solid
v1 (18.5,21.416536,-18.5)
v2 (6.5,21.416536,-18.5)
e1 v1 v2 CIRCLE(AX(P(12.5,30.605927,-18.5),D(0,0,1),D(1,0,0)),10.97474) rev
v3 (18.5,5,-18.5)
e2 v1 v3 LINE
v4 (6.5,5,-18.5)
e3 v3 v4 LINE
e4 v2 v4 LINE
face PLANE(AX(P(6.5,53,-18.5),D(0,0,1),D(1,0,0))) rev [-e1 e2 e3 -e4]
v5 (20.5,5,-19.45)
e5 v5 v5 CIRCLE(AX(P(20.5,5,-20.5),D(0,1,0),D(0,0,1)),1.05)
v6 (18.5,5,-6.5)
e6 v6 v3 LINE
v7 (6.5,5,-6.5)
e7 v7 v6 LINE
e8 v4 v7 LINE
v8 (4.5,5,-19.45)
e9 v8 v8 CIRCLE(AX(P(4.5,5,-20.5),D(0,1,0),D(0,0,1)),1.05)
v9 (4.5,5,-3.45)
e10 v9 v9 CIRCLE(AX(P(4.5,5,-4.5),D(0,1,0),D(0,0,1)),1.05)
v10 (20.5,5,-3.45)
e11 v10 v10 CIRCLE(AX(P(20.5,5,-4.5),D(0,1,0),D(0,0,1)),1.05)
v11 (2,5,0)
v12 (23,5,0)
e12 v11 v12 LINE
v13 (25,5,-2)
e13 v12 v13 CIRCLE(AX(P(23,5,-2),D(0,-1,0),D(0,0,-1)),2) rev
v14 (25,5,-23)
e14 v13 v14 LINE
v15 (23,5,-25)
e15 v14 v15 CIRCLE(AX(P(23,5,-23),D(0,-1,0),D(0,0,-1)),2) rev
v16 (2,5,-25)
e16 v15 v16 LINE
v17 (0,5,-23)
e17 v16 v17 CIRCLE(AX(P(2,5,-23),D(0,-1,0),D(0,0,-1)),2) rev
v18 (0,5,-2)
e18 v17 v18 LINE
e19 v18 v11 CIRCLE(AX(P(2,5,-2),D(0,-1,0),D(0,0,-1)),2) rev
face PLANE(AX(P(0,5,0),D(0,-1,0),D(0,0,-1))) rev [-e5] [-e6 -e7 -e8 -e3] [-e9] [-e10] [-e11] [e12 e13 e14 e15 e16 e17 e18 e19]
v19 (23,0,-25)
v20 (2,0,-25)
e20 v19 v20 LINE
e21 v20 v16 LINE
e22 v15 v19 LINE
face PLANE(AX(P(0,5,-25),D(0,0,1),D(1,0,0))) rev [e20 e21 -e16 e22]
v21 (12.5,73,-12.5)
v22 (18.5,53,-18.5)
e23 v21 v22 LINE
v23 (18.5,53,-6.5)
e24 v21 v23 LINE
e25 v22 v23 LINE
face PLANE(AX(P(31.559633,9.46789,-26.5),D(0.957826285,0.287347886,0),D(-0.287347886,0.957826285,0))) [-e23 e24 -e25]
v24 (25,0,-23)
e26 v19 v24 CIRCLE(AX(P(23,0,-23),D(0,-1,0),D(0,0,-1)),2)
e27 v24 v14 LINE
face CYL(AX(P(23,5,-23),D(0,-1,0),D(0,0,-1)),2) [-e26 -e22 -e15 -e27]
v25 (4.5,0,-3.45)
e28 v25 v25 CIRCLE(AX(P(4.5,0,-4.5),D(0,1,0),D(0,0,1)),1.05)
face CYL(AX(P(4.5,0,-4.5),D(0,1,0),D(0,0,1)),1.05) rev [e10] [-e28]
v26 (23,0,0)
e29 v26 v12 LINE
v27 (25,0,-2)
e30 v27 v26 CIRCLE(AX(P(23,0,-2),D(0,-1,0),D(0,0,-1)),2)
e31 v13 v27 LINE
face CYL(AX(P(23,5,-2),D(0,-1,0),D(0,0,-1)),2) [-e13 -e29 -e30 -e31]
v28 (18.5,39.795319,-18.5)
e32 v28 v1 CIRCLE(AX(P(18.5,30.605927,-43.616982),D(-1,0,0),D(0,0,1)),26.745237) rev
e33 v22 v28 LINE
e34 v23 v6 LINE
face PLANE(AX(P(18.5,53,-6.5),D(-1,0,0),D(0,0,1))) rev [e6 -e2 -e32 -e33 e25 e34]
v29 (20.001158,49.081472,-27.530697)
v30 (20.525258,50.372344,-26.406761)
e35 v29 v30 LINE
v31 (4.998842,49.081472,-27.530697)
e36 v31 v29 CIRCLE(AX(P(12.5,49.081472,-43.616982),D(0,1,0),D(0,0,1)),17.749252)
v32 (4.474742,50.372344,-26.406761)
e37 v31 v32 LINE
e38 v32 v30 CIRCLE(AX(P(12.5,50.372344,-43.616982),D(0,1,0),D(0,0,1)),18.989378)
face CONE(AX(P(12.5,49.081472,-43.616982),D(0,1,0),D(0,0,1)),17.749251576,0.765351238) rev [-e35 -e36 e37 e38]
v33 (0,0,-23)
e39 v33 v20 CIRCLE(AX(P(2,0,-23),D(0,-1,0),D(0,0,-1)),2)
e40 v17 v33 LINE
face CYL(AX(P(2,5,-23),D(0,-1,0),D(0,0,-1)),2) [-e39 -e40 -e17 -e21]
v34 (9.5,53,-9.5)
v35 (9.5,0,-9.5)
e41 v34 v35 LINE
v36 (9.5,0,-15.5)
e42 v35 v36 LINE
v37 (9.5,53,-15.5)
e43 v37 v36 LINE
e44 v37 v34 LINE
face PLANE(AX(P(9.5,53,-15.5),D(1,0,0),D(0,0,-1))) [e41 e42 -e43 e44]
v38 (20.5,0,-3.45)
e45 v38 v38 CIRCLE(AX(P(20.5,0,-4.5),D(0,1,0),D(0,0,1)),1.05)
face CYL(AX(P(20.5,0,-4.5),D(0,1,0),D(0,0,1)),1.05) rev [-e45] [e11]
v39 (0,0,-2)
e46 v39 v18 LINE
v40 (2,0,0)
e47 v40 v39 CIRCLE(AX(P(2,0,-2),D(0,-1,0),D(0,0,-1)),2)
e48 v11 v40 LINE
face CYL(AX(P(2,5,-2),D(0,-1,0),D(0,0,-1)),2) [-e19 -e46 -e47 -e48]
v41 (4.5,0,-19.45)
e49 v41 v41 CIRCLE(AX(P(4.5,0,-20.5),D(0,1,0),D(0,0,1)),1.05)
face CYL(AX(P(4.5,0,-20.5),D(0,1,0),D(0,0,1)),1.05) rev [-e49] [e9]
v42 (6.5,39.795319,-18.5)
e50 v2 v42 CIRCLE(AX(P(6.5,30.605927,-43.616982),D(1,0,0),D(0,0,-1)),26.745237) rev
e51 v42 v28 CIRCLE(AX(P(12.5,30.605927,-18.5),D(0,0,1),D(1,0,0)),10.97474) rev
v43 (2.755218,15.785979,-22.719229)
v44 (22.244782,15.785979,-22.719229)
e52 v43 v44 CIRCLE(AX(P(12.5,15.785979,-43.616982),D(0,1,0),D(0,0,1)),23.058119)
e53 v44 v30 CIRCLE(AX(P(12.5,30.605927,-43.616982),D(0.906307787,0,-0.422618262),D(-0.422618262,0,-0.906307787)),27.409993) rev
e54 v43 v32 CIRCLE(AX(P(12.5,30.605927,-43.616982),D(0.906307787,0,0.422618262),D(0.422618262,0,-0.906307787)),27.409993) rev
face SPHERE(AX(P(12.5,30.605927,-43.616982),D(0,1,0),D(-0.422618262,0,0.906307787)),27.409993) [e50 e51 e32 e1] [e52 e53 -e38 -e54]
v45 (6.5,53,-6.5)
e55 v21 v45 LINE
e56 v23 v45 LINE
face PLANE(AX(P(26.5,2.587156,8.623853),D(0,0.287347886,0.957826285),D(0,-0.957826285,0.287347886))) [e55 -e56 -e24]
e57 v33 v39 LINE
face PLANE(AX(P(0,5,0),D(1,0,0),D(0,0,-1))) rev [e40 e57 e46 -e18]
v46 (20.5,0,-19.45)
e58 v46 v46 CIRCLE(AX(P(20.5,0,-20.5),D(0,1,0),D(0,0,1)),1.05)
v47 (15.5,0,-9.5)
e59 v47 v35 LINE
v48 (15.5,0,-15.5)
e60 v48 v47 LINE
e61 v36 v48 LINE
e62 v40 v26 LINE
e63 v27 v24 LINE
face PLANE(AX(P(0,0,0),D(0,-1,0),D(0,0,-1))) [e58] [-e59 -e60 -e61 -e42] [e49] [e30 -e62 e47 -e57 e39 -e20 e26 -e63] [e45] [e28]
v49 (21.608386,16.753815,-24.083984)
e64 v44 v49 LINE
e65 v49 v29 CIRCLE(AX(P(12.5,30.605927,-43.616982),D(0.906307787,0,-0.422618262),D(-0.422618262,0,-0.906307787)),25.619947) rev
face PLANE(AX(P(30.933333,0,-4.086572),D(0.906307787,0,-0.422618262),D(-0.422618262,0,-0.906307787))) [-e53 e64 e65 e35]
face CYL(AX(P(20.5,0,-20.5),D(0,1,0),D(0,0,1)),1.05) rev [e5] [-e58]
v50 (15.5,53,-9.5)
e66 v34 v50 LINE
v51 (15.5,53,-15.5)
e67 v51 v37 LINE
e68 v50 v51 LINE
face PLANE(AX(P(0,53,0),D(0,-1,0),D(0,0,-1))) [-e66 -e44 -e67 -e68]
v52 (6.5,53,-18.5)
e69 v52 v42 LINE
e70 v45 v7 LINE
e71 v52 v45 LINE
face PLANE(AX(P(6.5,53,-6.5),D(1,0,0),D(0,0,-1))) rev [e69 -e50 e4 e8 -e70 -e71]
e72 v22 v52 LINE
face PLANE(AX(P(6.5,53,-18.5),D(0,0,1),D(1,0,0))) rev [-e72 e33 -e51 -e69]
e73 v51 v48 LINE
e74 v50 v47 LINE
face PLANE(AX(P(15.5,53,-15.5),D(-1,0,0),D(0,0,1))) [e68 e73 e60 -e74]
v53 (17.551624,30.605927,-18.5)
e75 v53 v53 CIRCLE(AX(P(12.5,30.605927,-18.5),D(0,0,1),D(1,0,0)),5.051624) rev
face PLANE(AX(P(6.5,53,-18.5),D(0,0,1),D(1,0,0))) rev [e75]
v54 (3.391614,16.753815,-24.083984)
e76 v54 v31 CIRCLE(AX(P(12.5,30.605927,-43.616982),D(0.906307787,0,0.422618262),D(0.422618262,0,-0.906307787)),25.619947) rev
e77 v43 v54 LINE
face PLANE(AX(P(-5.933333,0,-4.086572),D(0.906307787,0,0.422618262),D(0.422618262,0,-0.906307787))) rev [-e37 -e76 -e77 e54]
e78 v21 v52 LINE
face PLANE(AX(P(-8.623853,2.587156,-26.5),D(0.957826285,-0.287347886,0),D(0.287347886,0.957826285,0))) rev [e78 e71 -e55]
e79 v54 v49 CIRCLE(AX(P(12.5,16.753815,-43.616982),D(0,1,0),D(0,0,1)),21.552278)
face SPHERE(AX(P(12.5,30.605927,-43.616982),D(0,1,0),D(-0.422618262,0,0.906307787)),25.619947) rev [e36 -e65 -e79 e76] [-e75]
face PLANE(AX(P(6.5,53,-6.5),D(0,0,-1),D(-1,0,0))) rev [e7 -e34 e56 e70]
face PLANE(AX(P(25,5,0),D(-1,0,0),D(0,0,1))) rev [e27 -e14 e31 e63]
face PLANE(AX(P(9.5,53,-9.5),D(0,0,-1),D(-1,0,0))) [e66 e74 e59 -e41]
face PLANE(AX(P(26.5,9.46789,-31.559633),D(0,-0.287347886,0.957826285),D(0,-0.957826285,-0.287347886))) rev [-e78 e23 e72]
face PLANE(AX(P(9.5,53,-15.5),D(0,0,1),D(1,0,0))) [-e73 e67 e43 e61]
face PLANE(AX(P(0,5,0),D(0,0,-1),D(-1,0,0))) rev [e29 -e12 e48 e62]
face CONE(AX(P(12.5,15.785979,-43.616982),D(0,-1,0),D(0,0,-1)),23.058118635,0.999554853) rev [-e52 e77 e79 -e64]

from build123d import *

# Parameters (mm, degrees)
SKETCH1_W                = 25
SKETCH1_H                = 25
BOSS_EXTRUDE1_DEPTH      = 5
SKETCH2_R                = 1.05
CUT_EXTRUDE1_DEPTH       = 5
FILLET1_R                = 2
SKETCH3_W                = 12
SKETCH3_H                = 12
SKETCH3_W_2              = 6
SKETCH3_H_2              = 6
BOSS_EXTRUDE2_DEPTH      = 48
SKETCH4_W                = 6
SKETCH4_H                = 6
CUT_EXTRUDE2_DEPTH       = 10
SKETCH5_W                = 12
SKETCH5_H                = 12
BOSS_EXTRUDE3_DEPTH      = 20
CUT_EXTRUDE3_DEPTH       = 20
CUT_EXTRUDE4_DEPTH       = 20
REVOLVE1_ANGLE           = 25
REVOLVE1_OTHER_WAY_ANGLE = 25


with BuildPart() as part:
    # Sketch1 → Boss-Extrude1 (new body)
    with BuildSketch(Plane(origin=(0, 0, 0), x_dir=(1, 0, 0), z_dir=(0, 1, 0))):
        with Locations((12.5, 12.5)):
            Rectangle(SKETCH1_W, SKETCH1_H)
    extrude(amount=BOSS_EXTRUDE1_DEPTH)

    # Sketch2 → Cut-Extrude1 (cut)
    with BuildSketch(Plane(origin=(0, 5, 0), x_dir=(1, 0, 0), z_dir=(0, 1, 0))):
        with Locations(Location((4.5, 4.5, 0), (0, 0, 270))):
            Circle(SKETCH2_R)
        with Locations(Location((20.5, 4.5, 0), (0, 0, 270))):
            Circle(SKETCH2_R)
        with Locations(Location((20.5, 20.5, 0), (0, 0, 270))):
            Circle(SKETCH2_R)
        with Locations(Location((4.5, 20.5, 0), (0, 0, 270))):
            Circle(SKETCH2_R)
    extrude(amount=-CUT_EXTRUDE1_DEPTH, mode=Mode.SUBTRACT)

    # Fillet1
    fillet1_edges = [part.edges().sort_by_distance(p)[0] for p in [
        (0, 2.5, -25),
        (25, 2.5, -25),
        (25, 2.5, 0),
        (0, 2.5, 0),
    ]]
    fillet(fillet1_edges, radius=FILLET1_R)

    # Sketch3 → Boss-Extrude2 (add)
    with BuildSketch(Plane(origin=(0, 5, 0), x_dir=(1, 0, 0), z_dir=(0, 1, 0))):
        with Locations((12.5, 12.5)):
            Rectangle(SKETCH3_W, SKETCH3_H)
        with Locations((12.5, 12.5)):
            Rectangle(SKETCH3_W_2, SKETCH3_H_2, mode=Mode.SUBTRACT)
    extrude(amount=BOSS_EXTRUDE2_DEPTH)

    # Sketch4 → Cut-Extrude2 (cut)
    with BuildSketch(Plane(origin=(0, 0, 0), x_dir=(-1, 0, 0), z_dir=(0, -1, 0))):
        with Locations((-12.5, 12.5)):
            Rectangle(SKETCH4_W, SKETCH4_H)
    extrude(amount=-CUT_EXTRUDE2_DEPTH, mode=Mode.SUBTRACT)

    # Sketch5 → Boss-Extrude3 (add)
    with BuildSketch(Plane(origin=(0, 53, 0), x_dir=(1, 0, 0), z_dir=(0, 1, 0))):
        with Locations((12.5, 12.5)):
            Rectangle(SKETCH5_W, SKETCH5_H)
    extrude(amount=BOSS_EXTRUDE3_DEPTH)

    # Sketch6 → Cut-Extrude3 (cut)
    with BuildSketch(Plane.XY.offset(-6.5)):
        Polygon((18.5, 73), (12.5, 73), (18.5, 53), align=None)
        Polygon((6.5, 53), (12.5, 73), (6.5, 73), align=None)
    extrude(amount=-CUT_EXTRUDE3_DEPTH, mode=Mode.SUBTRACT)

    # Sketch7 → Cut-Extrude4 (cut)
    with BuildSketch(Plane.ZY.offset(-6.5)):
        Polygon((-6.5, 73), (-6.5, 53), (-12.5, 73), align=None)
        Polygon((-18.5, 73), (-18.5, 53), (-12.5, 73), align=None)
    extrude(amount=-CUT_EXTRUDE4_DEPTH, mode=Mode.SUBTRACT)

    # Sketch8 → Revolve1 (revolve)
    with BuildSketch(Plane(origin=(12.5, 0, 0), x_dir=(0, 0, -1), z_dir=(1, 0, 0))):
        with BuildLine():
            ThreePointArc((24.627603923, 50.372343644), (16.394708904, 33.808356072), (20.558863125, 15.785979305))
            Line((20.558863125, 15.785979305), (22.064703847, 16.753815466))
            ThreePointArc((22.064703847, 16.753815466), (18.172495187, 33.599217247), (25.867730183, 49.081471856))
            Line((25.867730183, 49.081471856), (24.627603923, 50.372343644))
        make_face()
    revolve(axis=Axis((12.5, 54.79169199, -43.616981759), (0, -1, 0)), revolution_arc=REVOLVE1_ANGLE)

    # Sketch8 → Revolve1 other way (revolve)
    with BuildSketch(Plane(origin=(12.5, 0, 0), x_dir=(0, 0, -1), z_dir=(1, 0, 0))):
        with BuildLine():
            ThreePointArc((24.627603923, 50.372343644), (16.394708904, 33.808356072), (20.558863125, 15.785979305))
            Line((20.558863125, 15.785979305), (22.064703847, 16.753815466))
            ThreePointArc((22.064703847, 16.753815466), (18.172495187, 33.599217247), (25.867730183, 49.081471856))
            Line((25.867730183, 49.081471856), (24.627603923, 50.372343644))
        make_face()
    revolve(axis=Axis((12.5, 54.79169199, -43.616981759), (0, 1, 0)), revolution_arc=REVOLVE1_OTHER_WAY_ANGLE)


solid = part.part
